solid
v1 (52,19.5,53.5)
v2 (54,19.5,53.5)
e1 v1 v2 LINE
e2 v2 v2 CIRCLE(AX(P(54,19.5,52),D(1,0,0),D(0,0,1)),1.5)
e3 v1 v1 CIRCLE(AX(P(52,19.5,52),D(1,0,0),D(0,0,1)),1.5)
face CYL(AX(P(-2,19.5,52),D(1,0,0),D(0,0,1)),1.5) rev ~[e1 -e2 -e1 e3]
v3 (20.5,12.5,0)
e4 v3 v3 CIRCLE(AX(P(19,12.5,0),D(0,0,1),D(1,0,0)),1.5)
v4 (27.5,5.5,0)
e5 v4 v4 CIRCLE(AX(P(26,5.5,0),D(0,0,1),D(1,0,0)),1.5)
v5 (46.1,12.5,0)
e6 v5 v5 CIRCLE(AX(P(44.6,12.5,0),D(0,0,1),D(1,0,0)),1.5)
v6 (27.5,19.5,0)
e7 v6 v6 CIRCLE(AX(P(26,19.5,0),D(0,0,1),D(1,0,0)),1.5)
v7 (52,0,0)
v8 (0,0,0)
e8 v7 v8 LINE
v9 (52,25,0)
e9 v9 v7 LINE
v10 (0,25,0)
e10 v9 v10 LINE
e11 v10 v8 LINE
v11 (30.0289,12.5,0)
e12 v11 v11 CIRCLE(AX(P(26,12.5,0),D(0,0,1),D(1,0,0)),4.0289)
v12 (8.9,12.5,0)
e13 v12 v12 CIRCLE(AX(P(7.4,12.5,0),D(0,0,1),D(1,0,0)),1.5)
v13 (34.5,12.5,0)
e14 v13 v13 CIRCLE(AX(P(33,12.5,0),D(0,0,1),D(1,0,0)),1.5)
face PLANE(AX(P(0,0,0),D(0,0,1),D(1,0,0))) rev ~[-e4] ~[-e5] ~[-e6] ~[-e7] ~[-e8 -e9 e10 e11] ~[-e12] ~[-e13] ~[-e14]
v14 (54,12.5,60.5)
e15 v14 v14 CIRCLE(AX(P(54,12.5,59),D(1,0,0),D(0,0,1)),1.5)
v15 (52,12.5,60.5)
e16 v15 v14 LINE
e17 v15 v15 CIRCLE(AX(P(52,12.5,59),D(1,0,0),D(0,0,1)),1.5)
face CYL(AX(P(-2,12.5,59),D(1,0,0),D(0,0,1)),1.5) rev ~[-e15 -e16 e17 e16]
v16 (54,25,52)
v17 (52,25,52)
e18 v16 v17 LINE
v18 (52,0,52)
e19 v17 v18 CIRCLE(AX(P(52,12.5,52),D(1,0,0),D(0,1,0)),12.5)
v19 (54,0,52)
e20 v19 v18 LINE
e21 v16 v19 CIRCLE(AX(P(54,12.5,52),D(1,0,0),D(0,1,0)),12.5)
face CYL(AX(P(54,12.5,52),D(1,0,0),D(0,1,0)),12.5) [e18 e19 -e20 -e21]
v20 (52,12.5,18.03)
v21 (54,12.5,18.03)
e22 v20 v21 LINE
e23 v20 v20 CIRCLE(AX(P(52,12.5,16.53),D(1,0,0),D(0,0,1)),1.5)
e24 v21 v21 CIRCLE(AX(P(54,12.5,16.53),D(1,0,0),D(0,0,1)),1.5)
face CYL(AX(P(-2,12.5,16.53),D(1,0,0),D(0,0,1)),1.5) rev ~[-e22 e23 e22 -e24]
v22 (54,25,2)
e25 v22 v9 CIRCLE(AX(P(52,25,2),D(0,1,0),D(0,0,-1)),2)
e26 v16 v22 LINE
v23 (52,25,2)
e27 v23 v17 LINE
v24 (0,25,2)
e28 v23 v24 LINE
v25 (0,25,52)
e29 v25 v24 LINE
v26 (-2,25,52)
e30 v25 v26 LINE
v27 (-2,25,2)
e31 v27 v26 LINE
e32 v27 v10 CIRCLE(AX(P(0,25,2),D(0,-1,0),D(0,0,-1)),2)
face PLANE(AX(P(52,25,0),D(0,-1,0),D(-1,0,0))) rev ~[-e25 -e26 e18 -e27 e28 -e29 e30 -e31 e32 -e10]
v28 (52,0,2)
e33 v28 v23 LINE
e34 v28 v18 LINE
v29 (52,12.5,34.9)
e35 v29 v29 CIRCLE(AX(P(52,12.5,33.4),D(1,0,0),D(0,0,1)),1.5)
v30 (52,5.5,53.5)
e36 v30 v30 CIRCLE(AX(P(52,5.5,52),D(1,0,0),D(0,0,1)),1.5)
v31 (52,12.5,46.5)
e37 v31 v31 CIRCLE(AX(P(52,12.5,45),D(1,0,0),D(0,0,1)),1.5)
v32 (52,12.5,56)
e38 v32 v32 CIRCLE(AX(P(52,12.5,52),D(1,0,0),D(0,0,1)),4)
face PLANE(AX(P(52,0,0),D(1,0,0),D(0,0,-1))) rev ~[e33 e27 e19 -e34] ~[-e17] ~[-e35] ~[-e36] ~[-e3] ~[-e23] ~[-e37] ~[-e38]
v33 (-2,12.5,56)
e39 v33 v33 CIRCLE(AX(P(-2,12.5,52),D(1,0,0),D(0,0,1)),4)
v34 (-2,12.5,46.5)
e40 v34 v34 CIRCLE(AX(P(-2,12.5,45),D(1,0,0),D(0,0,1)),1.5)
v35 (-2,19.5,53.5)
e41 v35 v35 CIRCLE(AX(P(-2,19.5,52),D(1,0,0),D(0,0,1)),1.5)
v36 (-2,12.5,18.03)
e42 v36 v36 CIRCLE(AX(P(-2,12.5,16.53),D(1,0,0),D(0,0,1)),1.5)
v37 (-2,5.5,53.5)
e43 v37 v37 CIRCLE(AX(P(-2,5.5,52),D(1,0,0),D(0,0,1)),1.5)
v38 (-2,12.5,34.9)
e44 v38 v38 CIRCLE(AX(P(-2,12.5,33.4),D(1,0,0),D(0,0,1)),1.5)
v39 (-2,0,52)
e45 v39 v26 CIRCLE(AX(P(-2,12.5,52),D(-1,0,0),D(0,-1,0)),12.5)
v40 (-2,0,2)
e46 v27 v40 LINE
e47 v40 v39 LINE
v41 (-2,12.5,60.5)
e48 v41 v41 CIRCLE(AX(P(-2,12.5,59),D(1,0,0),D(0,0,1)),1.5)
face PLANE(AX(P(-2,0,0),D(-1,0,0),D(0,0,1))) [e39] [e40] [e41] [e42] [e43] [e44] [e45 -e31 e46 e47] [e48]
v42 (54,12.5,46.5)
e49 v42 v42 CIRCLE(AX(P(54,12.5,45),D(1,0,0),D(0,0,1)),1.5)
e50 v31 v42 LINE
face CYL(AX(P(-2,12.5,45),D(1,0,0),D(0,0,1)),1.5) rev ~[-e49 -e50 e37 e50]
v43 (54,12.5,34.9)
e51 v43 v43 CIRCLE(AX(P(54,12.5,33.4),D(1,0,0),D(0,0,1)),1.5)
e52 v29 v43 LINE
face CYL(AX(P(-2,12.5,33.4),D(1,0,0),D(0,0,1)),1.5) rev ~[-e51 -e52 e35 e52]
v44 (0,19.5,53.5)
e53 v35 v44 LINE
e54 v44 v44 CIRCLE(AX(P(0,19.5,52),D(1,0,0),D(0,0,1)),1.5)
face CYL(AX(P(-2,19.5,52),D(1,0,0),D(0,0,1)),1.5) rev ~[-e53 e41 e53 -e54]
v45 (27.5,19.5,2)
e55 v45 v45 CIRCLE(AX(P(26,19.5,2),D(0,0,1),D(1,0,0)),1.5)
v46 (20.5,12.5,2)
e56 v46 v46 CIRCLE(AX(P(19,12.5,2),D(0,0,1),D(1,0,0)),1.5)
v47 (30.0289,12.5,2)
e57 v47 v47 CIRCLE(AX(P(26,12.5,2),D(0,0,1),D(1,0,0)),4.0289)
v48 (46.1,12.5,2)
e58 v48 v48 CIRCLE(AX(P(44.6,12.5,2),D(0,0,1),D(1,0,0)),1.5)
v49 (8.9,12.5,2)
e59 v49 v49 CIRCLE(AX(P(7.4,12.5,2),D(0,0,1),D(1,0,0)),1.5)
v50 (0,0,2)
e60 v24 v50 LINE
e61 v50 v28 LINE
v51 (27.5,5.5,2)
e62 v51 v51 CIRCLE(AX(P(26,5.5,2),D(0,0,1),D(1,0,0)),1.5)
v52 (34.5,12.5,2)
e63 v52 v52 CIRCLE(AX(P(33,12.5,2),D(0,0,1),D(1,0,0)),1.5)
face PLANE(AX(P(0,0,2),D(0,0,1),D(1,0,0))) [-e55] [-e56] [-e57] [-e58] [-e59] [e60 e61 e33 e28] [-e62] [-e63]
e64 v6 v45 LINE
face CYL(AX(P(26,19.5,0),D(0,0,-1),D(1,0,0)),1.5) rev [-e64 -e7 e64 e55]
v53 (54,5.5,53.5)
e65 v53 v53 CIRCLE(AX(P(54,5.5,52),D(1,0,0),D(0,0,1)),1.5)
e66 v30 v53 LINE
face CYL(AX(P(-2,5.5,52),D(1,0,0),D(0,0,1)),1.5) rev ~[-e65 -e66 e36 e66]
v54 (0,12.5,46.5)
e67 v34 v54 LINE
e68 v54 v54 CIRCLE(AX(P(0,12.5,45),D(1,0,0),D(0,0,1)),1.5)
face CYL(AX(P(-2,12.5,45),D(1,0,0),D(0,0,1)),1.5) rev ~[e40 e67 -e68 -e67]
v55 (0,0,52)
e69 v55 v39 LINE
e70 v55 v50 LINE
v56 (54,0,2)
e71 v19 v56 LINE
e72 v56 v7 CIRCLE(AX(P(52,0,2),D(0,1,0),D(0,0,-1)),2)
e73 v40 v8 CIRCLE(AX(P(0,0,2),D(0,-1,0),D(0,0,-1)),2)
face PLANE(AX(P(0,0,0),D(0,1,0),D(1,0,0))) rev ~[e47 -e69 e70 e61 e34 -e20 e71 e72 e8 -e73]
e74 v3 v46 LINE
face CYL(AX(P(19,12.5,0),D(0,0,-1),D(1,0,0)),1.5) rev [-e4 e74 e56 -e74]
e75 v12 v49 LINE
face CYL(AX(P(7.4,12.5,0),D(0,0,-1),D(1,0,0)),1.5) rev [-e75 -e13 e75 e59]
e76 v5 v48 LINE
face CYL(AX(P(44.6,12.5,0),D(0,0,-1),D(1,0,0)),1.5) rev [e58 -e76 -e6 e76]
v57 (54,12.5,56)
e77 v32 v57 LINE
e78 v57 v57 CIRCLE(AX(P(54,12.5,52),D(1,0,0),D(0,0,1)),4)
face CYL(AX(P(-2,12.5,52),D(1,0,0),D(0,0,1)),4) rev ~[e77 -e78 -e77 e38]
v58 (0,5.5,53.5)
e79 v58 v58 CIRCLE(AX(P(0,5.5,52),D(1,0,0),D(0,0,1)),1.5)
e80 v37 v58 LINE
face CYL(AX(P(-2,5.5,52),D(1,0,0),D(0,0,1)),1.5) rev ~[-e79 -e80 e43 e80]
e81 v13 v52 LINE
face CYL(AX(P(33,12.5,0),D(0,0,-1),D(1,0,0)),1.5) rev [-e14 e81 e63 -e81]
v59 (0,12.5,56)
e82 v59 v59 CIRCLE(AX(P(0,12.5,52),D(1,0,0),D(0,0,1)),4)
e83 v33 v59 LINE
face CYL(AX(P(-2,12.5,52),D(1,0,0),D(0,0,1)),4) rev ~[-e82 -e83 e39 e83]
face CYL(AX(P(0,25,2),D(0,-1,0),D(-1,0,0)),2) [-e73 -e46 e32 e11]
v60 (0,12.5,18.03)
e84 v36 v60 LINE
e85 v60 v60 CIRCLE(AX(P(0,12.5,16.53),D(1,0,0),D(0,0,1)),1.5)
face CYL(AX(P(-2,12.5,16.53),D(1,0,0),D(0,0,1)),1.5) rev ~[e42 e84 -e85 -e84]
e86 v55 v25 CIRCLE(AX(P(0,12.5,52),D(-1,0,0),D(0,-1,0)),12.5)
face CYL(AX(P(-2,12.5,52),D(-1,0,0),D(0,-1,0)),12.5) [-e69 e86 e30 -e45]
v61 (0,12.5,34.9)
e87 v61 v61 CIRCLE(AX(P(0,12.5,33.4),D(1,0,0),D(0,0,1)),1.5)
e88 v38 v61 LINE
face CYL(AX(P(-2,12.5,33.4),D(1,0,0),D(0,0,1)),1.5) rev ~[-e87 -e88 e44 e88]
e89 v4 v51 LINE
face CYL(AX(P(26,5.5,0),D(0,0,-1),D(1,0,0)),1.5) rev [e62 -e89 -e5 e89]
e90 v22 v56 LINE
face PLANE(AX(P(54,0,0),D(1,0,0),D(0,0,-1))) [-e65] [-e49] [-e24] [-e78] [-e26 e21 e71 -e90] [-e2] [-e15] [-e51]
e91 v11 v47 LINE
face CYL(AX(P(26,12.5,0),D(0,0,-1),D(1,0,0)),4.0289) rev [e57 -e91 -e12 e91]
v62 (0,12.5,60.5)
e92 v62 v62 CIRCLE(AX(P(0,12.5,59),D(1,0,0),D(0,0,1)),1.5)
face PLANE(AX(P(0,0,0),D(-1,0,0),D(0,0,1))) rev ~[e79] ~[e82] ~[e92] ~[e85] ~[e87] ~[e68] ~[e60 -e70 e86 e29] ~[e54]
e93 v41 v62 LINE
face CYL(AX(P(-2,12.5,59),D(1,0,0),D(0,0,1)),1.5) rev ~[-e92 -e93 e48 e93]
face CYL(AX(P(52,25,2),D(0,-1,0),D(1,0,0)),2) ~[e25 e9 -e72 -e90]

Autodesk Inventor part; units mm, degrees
ref_plane "YZ Plane" through (0, 0, 0) normal (1, 0, 0) x (0, 1, 0)
ref_plane "XZ Plane" through (0, 0, 0) normal (0, 1, 0) x (-1, 0, 0)
ref_plane "XY Plane" through (0, 0, 0) normal (0, 0, 1) x (1, 0, 0)
sketch "Sketch1" plane through (0, 0, 0) normal (0, 0, 1) x (1, 0, 0)
  line L0 (0, 0) -> (52, 0)
  line L1 (52, 0) -> (52, 25)
  line L2 (52, 25) -> (0, 25)
  line L3 (0, 25) -> (0, 0)
  circle A0 centre (26, 19.5) radius 1.5
  circle A1 centre (19, 12.5) radius 1.5
  circle A2 centre (33, 12.5) radius 1.5
  circle A3 centre (26, 5.5) radius 1.5
  circle A4 centre (7.4, 12.5) radius 1.5
  circle A5 centre (44.6, 12.5) radius 1.5
  circle A6 centre (26, 12.5) radius 4.0289
  line L4 (52, 25) -> (54, 25)
  line L5 (54, 25) -> (54, 0)
  line L6 (54, 0) -> (52, 0)
  line L7 (52, 0) -> (52, 25)
  line L8 (0, 25) -> (-2, 25)
  line L9 (-2, 25) -> (-2, 0)
  line L10 (-2, 0) -> (0, 0)
  line L11 (0, 0) -> (0, 25)
  dimension "d0" = 52
  dimension "d1" = 25
  dimension "d2" = 3
  dimension "d3" = 3
  dimension "d4" = 3
  dimension "d5" = 3
  dimension "d6" = 3
  dimension "d7" = 3
  dimension "d9" = 7.4
  dimension "d10" = 7.4
  dimension "d11" = 26
  dimension "d13" = 2
  dimension "d14" = 2
extrude "Extrusion1" add sketch "Sketch1" along normal blind 2 contours L3 L2 L1 L0
extrude "Extrusion2" add sketch "Sketch1" along normal blind 3 contours L10 L9 L8 L3 | L1 L4 L5 L6
sketch "Sketch2" plane through (0, 0, 3) normal (0, 0, 1) x (1, 0, 0)
  line L0 (54, 25) -> (-2, 25) projected
  line L1 (0, 0) -> (0, 25) projected
  line L2 (-2, 25) -> (0, 25)
  line L3 (0, 25) -> (0, 0)
  line L4 (0, 0) -> (-2, 0)
  line L5 (-2, 0) -> (-2, 25)
  line L6 (52, 25) -> (52, 0) projected
  line L7 (54, 0) -> (54, 25) projected
  line L8 (52, 25) -> (54, 25)
  line L9 (54, 25) -> (54, 0)
  line L10 (54, 0) -> (52, 0)
  line L11 (52, 0) -> (52, 25)
extrude "Extrusion3" add sketch "Sketch2" along normal blind 49
sketch "Sketch3" plane through (54, 0, 0) normal (1, 0, 0) x (0, 0, -1)
  line L0 (-52, 0) -> (-52, 25) projected
  line L1 (-2, 25) -> (-52, 25) projected
  line L2 (-2, 0) -> (-52, 0) projected
  arc A0 (-52, 25) -> (-52, 0) centre (-52, 12.5) ccw
  line L3 (-52, 0) -> (-52, 25) projected
  point P0 (0, 0)
  dimension "d22" = 12.5
extrude "Extrusion4" add sketch "Sketch3" against normal blind 2
sketch "Sketch4" plane through (-2, 0, 0) normal (-1, 0, 0) x (0, 0, 1)
  arc A0 (52, 0) -> (52, 25) centre (52, 12.5) ccw projected
  line L0 (2, 25) -> (52, 25) projected
  arc A1 (52, 0) -> (52, 25) centre (52, 12.5) ccw
  line L1 (52, 25) -> (52, 0)
  point P0 (0, 0)
extrude "Extrusion5" add sketch "Sketch4" against normal blind 2
fillet "Fillet1" radius 2 2 edges at (54, 12.5, 0) (-2, 12.5, 0)
sketch "Sketch5" plane through (-2, 12.5, 52) normal (-1, 0, 0) x (0, 0, 1)
  circle A0 centre (0, 0) radius 4
  circle A1 centre (0, 0) radius 7
  circle A2 centre (0, 7) radius 1.5
  circle A3 centre (-7, 0) radius 1.5
  circle A4 centre (0, -7) radius 1.5
  circle A5 centre (7, 0) radius 1.5
  circle A6 centre (-18.6, 0) radius 1.3978
  circle A7 centre (-35.47, 0) radius 1.5
  point P0 (-52, -12.5)
  dimension "d29" = 14
  dimension "d28" = 8
  dimension "d32" = 360
  dimension "d34" = 3
  dimension "d35" = 18.6
  dimension "d50" = 3
  dimension "d51" = 16.87
hole "Hole1" at (-2, 12.5, 52) at (-2, 12.5, 45) at (-2, 19.5, 52) at (-2, 12.5, 59) at (-2, 5.5, 52) at (-2, 12.5, 33.4) direction (1, 0, 0) diameter 3 end through all
hole "Hole2" at (-2, 12.5, 52) direction (1, 0, 0) diameter 8 end through all
hole "Hole3" at (-2, 12.5, 16.53) direction (1, 0, 0) diameter 3 end through all
properties part number "Bracket U CORTO"
